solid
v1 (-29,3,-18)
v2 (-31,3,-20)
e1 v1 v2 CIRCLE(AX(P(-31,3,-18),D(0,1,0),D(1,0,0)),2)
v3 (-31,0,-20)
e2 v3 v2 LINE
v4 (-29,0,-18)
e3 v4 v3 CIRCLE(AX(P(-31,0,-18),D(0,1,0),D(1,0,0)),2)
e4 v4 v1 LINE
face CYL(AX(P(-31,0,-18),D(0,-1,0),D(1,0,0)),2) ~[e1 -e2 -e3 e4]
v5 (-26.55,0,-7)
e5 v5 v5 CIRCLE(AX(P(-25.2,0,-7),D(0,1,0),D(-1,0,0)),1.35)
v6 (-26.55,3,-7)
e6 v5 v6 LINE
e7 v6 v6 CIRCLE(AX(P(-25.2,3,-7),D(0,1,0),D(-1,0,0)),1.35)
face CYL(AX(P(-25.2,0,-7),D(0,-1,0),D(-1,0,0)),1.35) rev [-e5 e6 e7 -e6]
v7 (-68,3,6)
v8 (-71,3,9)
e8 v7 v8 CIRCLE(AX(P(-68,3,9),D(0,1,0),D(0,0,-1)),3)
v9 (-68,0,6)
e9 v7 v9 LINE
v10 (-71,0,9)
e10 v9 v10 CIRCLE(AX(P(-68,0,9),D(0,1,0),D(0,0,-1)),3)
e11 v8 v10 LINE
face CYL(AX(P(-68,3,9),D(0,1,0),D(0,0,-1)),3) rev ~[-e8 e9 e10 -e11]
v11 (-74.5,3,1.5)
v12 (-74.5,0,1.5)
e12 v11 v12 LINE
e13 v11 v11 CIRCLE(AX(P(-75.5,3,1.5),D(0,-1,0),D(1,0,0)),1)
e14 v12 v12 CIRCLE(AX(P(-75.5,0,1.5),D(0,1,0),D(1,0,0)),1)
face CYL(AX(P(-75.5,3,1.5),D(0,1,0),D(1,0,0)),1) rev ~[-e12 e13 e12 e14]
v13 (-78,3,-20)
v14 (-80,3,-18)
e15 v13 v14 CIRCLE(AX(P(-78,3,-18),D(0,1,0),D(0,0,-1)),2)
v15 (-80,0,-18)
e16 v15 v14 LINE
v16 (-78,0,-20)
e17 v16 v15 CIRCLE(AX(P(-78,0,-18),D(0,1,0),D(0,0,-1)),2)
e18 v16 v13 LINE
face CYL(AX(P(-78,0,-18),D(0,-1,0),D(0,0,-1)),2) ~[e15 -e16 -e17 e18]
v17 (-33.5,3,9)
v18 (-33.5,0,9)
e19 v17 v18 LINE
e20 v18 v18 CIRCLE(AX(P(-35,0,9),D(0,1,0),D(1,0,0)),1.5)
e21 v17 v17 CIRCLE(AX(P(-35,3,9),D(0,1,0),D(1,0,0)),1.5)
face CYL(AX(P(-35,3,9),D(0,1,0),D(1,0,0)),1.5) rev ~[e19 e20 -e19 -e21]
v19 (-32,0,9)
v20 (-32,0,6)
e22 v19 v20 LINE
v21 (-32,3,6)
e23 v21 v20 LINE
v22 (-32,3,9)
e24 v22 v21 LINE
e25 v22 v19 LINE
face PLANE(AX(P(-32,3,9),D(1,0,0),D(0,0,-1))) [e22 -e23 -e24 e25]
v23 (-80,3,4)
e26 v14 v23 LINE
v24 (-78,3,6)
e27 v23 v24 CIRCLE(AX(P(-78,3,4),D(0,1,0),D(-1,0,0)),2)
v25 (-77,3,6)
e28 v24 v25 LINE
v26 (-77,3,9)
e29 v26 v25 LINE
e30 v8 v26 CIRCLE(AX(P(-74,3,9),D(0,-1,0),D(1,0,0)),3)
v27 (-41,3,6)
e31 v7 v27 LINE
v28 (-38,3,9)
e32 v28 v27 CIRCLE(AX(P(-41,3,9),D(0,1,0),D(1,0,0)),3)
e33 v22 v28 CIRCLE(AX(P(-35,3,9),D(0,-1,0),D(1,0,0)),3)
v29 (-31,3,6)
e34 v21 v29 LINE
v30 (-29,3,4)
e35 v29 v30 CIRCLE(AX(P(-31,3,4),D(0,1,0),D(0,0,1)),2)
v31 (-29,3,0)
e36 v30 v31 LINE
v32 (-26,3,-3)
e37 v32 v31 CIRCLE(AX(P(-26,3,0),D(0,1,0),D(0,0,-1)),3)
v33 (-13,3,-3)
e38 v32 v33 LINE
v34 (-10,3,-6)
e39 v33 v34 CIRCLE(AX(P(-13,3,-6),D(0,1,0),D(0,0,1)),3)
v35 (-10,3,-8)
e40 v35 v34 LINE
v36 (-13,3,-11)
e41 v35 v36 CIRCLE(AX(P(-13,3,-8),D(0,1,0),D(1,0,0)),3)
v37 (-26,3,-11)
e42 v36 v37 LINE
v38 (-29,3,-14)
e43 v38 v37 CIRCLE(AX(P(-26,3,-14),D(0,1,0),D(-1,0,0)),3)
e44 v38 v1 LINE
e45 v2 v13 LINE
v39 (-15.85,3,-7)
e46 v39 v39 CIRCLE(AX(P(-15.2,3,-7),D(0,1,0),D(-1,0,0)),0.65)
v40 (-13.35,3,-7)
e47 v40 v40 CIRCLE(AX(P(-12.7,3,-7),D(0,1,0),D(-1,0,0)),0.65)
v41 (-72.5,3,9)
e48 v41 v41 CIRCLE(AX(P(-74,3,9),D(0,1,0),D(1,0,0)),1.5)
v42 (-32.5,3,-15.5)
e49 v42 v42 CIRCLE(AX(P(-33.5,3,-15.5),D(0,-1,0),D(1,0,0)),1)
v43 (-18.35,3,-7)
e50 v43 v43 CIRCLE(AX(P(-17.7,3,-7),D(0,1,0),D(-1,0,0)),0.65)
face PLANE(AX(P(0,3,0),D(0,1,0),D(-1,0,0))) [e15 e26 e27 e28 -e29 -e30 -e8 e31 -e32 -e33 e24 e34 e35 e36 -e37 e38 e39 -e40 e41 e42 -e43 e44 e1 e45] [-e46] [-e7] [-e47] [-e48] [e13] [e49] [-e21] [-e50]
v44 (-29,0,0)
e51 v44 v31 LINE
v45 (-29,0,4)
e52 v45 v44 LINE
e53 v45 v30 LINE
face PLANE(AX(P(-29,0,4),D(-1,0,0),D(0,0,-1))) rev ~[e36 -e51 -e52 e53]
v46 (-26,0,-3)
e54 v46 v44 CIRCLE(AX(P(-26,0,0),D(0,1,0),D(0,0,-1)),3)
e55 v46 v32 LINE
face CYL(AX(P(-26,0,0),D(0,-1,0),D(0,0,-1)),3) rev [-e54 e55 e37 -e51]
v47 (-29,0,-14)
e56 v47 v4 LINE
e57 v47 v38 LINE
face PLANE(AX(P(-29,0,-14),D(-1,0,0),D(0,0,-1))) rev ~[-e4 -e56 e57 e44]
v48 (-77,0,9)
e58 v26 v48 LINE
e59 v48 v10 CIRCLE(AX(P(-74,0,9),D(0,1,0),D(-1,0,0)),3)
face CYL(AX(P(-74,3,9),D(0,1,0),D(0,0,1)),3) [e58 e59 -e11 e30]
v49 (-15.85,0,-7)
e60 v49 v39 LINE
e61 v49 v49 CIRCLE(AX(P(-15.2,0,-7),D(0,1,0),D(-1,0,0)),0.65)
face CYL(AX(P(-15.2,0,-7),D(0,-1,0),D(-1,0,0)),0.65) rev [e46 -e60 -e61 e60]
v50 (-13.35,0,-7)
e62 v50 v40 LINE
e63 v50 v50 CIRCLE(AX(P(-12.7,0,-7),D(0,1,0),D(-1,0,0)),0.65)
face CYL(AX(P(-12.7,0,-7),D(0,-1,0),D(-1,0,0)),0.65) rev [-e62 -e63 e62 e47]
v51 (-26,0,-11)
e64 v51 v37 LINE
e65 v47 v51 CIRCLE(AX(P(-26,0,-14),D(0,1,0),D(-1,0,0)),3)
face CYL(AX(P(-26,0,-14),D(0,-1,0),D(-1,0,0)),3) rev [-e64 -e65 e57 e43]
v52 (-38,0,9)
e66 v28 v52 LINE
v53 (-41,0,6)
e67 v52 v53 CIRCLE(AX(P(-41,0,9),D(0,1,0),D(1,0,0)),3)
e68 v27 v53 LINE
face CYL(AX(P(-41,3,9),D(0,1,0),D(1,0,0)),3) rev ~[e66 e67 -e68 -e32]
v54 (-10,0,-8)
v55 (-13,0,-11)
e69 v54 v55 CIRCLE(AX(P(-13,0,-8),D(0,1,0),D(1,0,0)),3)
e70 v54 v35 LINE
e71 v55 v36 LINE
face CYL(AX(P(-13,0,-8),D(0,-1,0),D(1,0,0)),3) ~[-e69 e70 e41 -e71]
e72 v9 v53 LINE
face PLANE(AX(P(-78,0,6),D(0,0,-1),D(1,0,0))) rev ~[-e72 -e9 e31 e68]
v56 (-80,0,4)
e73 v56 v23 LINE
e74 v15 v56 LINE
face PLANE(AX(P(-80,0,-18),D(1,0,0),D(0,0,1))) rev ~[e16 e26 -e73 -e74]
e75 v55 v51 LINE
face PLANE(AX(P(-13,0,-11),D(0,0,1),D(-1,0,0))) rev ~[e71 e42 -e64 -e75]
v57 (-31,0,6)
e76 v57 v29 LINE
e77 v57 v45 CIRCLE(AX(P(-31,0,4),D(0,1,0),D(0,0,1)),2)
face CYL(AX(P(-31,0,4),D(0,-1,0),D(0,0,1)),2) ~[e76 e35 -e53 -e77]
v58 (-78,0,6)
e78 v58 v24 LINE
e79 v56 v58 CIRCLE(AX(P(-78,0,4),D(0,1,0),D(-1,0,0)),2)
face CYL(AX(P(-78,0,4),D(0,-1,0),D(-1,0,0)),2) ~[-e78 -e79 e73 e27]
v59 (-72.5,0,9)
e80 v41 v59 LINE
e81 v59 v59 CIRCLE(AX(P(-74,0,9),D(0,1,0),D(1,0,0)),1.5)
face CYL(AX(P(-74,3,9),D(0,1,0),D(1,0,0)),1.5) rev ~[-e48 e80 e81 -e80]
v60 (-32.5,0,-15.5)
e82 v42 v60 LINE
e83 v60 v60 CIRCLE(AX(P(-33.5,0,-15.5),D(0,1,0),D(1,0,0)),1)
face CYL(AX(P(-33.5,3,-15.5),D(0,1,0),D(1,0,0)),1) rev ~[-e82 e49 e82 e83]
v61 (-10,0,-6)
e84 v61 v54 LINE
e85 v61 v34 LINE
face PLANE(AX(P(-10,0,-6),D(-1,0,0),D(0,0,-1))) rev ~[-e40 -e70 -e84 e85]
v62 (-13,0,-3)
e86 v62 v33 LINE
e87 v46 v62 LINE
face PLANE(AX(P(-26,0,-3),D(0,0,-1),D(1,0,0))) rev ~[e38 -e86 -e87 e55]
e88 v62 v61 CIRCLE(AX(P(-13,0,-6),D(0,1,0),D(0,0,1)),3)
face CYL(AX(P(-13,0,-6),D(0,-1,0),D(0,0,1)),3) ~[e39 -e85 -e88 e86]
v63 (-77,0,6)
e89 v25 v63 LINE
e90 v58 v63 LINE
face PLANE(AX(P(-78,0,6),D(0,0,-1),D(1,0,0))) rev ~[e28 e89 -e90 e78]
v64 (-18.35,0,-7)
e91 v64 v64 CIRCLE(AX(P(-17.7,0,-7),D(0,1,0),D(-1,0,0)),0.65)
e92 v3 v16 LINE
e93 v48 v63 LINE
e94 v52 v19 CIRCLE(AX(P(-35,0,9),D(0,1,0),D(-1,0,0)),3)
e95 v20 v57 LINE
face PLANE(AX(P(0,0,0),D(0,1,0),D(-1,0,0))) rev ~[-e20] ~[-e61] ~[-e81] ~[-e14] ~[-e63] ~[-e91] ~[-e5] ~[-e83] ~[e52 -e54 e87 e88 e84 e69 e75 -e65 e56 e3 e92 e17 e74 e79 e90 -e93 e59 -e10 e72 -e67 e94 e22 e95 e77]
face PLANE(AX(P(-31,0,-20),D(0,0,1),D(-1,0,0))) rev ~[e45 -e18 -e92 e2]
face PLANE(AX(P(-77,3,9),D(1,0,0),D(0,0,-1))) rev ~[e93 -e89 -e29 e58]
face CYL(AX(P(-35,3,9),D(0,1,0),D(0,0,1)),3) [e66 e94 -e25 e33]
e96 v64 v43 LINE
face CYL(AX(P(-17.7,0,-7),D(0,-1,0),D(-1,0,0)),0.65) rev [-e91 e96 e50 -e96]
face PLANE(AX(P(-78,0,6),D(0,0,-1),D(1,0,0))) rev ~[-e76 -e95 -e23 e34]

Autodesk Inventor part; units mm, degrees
ref_plane "YZ Plane" through (0, 0, 0) normal (1, 0, 0) x (0, 1, 0)
ref_plane "XZ Plane" through (0, 0, 0) normal (0, 1, 0) x (-1, 0, 0)
ref_plane "XY Plane" through (0, 0, 0) normal (0, 0, 1) x (1, 0, 0)
sketch "Sketch1" plane through (0, 0, 0) normal (0, 1, 0) x (-1, 0, 0)
  circle A0 centre (25.2, -7) radius 1.35
  circle A1 centre (17.7, -7) radius 0.65
  circle A2 centre (15.2, -7) radius 0.65
  circle A3 centre (12.7, -7) radius 0.65
  line L0 (10, -7) -> (10, -8)
  line L1 (13, -11) -> (26, -11)
  line L2 (26, -3) -> (13, -3)
  line L3 (10, -6) -> (10, -7)
  arc A4 (13, -3) -> (10, -6) centre (13, -6) ccw
  arc A5 (10, -8) -> (13, -11) centre (13, -8) ccw
  line L4 (29, -14) -> (29, -18)
  line L5 (31, -20) -> (78, -20)
  line L6 (80, -18) -> (80, 4)
  line L7 (78, 6) -> (31, 6)
  line L8 (29, 4) -> (29, 0)
  arc A6 (26, -3) -> (29, 0) centre (26, 0) ccw
  arc A7 (29, -14) -> (26, -11) centre (26, -14) ccw
  arc A8 (31, 6) -> (29, 4) centre (31, 4) ccw
  arc A9 (80, 4) -> (78, 6) centre (78, 4) ccw
  arc A10 (78, -20) -> (80, -18) centre (78, -18) ccw
  arc A11 (29, -18) -> (31, -20) centre (31, -18) ccw
  point P0 (0, 0)
  point P1 (10, -3)
  point P2 (29, -7)
  point P3 (29, -20)
  point P4 (80, -20)
  point P5 (80, 6)
  point P6 (29, 6)
  dimension "d0" = 2.7
  dimension "d1" = 1.3
  dimension "d2" = 1.3
  dimension "d3" = 1.3
  dimension "d4" = 3
  dimension "d5" = 13
  dimension "d6" = 51
  dimension "d7" = 26
  dimension "d8" = 3
  dimension "d9" = 2
extrude "Extrusion1" add sketch "Sketch1" along normal blind 3
sketch "Sketch2" plane through (0, 3, 0) normal (0, 1, 0) x (1, 0, 0)
  line L0 (-77, 17) -> (-32, 17)
  line L1 (-32, 17) -> (-32, -3)
  line L2 (-32, -3) -> (-77, -3)
  line L3 (-77, -3) -> (-77, 17)
  line L4 (-78, 20) -> (-31, 20)
  line L5 (-29, 18) -> (-29, -4)
  line L6 (-41, -6) -> (-68, -6)
  line L7 (-80, -4) -> (-80, 18)
  arc A0 (-78, 20) -> (-80, 18) centre (-78, 18) ccw
  arc A1 (-29, 18) -> (-31, 20) centre (-31, 18) ccw
  arc A2 (-31, -6) -> (-29, -4) centre (-31, -4) ccw
  arc A3 (-80, -4) -> (-78, -6) centre (-78, -4) ccw
  line L8 (-77, -3) -> (-75.5, -3)
  line L9 (-75.5, -3) -> (-75.5, -1.5)
  circle A4 centre (-75.5, -1.5) radius 1
  line L10 (-32, 17) -> (-33.5, 17)
  line L11 (-33.5, 17) -> (-33.5, 15.5)
  circle A5 centre (-33.5, 15.5) radius 1
  line L12 (-49.42, 17) -> (-59.58, 17)
  line L13 (-59.58, 17) -> (-59.58, 14.46)
  line L14 (-59.58, 14.46) -> (-49.42, 14.46)
  line L15 (-49.42, 14.46) -> (-49.42, 17)
  line L16 (-78, -6) -> (-31, -6) projected
  line L17 (-77, -6) -> (-71, -6)
  line L18 (-71, -9) -> (-71, -9)
  line L19 (-74, -12) -> (-74, -12)
  line L20 (-77, -9) -> (-77, -6)
  line L21 (-32, -6) -> (-38, -6)
  line L22 (-38, -9) -> (-38, -9)
  line L23 (-35, -12) -> (-35, -12)
  line L24 (-32, -9) -> (-32, -6)
  arc A6 (-77, -9) -> (-74, -12) centre (-74, -9) ccw
  arc A7 (-74, -12) -> (-71, -9) centre (-74, -9) ccw
  arc A8 (-68, -6) -> (-71, -9) centre (-68, -9) ccw
  arc A9 (-38, -9) -> (-41, -6) centre (-41, -9) ccw
  arc A10 (-38, -9) -> (-35, -12) centre (-35, -9) ccw
  arc A11 (-35, -12) -> (-32, -9) centre (-35, -9) ccw
  circle A12 centre (-74, -9) radius 1.5
  circle A13 centre (-35, -9) radius 1.5
  line L25 (-77, -6) -> (-68, -6)
  line L26 (-41, -6) -> (-32, -6)
  point P0 (0, 0)
  point P1 (-38, -12)
  dimension "d12" = 45
  dimension "d13" = 20
  dimension "d14" = 2
  dimension "d15" = 1.5
  dimension "d16" = 1.5
  dimension "d17" = 2
  dimension "d18" = 1.5
  dimension "d19" = 1.5
  dimension "d20" = 2
  dimension "d22" = 10.16
  dimension "d23" = 2.54
  dimension "d24" = 3
  dimension "d25" = 3
  dimension "d26" = 3
extrude "Extrusion2" add sketch "Sketch2" against normal blind 3 contours L16 A8 A7 A6 L20 | L24 A11 A10 A9 L16
sketch "Sketch3" plane through (0, 3, 0) normal (0, 1, 0) x (1, 0, 0)
  line L0 (-77, 17) -> (-32, 17)
  line L1 (-32, 17) -> (-32, -3)
  line L2 (-32, -3) -> (-77, -3)
  line L3 (-77, -3) -> (-77, 17)
  line L4 (-78, 20) -> (-31, 20)
  line L5 (-29, 18) -> (-29, -4)
  line L6 (-41, -6) -> (-68, -6)
  line L7 (-80, -4) -> (-80, 18)
  arc A0 (-78, 20) -> (-80, 18) centre (-78, 18) ccw
  arc A1 (-29, 18) -> (-31, 20) centre (-31, 18) ccw
  arc A2 (-31, -6) -> (-29, -4) centre (-31, -4) ccw
  arc A3 (-80, -4) -> (-78, -6) centre (-78, -4) ccw
  line L8 (-77, -3) -> (-75.5, -3)
  line L9 (-75.5, -3) -> (-75.5, -1.5)
  circle A4 centre (-75.5, -1.5) radius 1
  line L10 (-32, 17) -> (-33.5, 17)
  line L11 (-33.5, 17) -> (-33.5, 15.5)
  circle A5 centre (-33.5, 15.5) radius 1
  line L12 (-49.42, 17) -> (-59.58, 17)
  line L13 (-59.58, 17) -> (-59.58, 14.46)
  line L14 (-59.58, 14.46) -> (-49.42, 14.46)
  line L15 (-49.42, 14.46) -> (-49.42, 17)
  line L16 (-78, -6) -> (-31, -6)
  line L17 (-77, -6) -> (-71, -6)
  line L18 (-71, -9) -> (-71, -9)
  line L19 (-74, -12) -> (-74, -12)
  line L20 (-77, -9) -> (-77, -6)
  line L21 (-32, -6) -> (-38, -6)
  line L22 (-38, -9) -> (-38, -9)
  line L23 (-35, -12) -> (-35, -12)
  line L24 (-32, -9) -> (-32, -6)
  arc A6 (-77, -9) -> (-74, -12) centre (-74, -9) ccw
  arc A7 (-74, -12) -> (-71, -9) centre (-74, -9) ccw
  arc A8 (-68, -6) -> (-71, -9) centre (-68, -9) ccw
  arc A9 (-38, -9) -> (-41, -6) centre (-41, -9) ccw
  arc A10 (-38, -9) -> (-35, -12) centre (-35, -9) ccw
  arc A11 (-35, -12) -> (-32, -9) centre (-35, -9) ccw
  circle A12 centre (-74, -9) radius 1.5
  circle A13 centre (-35, -9) radius 1.5
  line L25 (-77, -6) -> (-68, -6)
  line L26 (-41, -6) -> (-32, -6)
  point P0 (0, 0)
  point P1 (-38, -12)
  dimension "d29" = 45
  dimension "d30" = 20
  dimension "d31" = 2
  dimension "d32" = 1.5
  dimension "d33" = 1.5
  dimension "d34" = 2
  dimension "d35" = 1.5
  dimension "d36" = 1.5
  dimension "d37" = 2
  dimension "d38" = 10.16
  dimension "d39" = 2.54
  dimension "d40" = 3
  dimension "d41" = 3
  dimension "d42" = 3
extrude "Extrusion3" cut sketch "Sketch3" against normal blind 3 contours A4 | A5
